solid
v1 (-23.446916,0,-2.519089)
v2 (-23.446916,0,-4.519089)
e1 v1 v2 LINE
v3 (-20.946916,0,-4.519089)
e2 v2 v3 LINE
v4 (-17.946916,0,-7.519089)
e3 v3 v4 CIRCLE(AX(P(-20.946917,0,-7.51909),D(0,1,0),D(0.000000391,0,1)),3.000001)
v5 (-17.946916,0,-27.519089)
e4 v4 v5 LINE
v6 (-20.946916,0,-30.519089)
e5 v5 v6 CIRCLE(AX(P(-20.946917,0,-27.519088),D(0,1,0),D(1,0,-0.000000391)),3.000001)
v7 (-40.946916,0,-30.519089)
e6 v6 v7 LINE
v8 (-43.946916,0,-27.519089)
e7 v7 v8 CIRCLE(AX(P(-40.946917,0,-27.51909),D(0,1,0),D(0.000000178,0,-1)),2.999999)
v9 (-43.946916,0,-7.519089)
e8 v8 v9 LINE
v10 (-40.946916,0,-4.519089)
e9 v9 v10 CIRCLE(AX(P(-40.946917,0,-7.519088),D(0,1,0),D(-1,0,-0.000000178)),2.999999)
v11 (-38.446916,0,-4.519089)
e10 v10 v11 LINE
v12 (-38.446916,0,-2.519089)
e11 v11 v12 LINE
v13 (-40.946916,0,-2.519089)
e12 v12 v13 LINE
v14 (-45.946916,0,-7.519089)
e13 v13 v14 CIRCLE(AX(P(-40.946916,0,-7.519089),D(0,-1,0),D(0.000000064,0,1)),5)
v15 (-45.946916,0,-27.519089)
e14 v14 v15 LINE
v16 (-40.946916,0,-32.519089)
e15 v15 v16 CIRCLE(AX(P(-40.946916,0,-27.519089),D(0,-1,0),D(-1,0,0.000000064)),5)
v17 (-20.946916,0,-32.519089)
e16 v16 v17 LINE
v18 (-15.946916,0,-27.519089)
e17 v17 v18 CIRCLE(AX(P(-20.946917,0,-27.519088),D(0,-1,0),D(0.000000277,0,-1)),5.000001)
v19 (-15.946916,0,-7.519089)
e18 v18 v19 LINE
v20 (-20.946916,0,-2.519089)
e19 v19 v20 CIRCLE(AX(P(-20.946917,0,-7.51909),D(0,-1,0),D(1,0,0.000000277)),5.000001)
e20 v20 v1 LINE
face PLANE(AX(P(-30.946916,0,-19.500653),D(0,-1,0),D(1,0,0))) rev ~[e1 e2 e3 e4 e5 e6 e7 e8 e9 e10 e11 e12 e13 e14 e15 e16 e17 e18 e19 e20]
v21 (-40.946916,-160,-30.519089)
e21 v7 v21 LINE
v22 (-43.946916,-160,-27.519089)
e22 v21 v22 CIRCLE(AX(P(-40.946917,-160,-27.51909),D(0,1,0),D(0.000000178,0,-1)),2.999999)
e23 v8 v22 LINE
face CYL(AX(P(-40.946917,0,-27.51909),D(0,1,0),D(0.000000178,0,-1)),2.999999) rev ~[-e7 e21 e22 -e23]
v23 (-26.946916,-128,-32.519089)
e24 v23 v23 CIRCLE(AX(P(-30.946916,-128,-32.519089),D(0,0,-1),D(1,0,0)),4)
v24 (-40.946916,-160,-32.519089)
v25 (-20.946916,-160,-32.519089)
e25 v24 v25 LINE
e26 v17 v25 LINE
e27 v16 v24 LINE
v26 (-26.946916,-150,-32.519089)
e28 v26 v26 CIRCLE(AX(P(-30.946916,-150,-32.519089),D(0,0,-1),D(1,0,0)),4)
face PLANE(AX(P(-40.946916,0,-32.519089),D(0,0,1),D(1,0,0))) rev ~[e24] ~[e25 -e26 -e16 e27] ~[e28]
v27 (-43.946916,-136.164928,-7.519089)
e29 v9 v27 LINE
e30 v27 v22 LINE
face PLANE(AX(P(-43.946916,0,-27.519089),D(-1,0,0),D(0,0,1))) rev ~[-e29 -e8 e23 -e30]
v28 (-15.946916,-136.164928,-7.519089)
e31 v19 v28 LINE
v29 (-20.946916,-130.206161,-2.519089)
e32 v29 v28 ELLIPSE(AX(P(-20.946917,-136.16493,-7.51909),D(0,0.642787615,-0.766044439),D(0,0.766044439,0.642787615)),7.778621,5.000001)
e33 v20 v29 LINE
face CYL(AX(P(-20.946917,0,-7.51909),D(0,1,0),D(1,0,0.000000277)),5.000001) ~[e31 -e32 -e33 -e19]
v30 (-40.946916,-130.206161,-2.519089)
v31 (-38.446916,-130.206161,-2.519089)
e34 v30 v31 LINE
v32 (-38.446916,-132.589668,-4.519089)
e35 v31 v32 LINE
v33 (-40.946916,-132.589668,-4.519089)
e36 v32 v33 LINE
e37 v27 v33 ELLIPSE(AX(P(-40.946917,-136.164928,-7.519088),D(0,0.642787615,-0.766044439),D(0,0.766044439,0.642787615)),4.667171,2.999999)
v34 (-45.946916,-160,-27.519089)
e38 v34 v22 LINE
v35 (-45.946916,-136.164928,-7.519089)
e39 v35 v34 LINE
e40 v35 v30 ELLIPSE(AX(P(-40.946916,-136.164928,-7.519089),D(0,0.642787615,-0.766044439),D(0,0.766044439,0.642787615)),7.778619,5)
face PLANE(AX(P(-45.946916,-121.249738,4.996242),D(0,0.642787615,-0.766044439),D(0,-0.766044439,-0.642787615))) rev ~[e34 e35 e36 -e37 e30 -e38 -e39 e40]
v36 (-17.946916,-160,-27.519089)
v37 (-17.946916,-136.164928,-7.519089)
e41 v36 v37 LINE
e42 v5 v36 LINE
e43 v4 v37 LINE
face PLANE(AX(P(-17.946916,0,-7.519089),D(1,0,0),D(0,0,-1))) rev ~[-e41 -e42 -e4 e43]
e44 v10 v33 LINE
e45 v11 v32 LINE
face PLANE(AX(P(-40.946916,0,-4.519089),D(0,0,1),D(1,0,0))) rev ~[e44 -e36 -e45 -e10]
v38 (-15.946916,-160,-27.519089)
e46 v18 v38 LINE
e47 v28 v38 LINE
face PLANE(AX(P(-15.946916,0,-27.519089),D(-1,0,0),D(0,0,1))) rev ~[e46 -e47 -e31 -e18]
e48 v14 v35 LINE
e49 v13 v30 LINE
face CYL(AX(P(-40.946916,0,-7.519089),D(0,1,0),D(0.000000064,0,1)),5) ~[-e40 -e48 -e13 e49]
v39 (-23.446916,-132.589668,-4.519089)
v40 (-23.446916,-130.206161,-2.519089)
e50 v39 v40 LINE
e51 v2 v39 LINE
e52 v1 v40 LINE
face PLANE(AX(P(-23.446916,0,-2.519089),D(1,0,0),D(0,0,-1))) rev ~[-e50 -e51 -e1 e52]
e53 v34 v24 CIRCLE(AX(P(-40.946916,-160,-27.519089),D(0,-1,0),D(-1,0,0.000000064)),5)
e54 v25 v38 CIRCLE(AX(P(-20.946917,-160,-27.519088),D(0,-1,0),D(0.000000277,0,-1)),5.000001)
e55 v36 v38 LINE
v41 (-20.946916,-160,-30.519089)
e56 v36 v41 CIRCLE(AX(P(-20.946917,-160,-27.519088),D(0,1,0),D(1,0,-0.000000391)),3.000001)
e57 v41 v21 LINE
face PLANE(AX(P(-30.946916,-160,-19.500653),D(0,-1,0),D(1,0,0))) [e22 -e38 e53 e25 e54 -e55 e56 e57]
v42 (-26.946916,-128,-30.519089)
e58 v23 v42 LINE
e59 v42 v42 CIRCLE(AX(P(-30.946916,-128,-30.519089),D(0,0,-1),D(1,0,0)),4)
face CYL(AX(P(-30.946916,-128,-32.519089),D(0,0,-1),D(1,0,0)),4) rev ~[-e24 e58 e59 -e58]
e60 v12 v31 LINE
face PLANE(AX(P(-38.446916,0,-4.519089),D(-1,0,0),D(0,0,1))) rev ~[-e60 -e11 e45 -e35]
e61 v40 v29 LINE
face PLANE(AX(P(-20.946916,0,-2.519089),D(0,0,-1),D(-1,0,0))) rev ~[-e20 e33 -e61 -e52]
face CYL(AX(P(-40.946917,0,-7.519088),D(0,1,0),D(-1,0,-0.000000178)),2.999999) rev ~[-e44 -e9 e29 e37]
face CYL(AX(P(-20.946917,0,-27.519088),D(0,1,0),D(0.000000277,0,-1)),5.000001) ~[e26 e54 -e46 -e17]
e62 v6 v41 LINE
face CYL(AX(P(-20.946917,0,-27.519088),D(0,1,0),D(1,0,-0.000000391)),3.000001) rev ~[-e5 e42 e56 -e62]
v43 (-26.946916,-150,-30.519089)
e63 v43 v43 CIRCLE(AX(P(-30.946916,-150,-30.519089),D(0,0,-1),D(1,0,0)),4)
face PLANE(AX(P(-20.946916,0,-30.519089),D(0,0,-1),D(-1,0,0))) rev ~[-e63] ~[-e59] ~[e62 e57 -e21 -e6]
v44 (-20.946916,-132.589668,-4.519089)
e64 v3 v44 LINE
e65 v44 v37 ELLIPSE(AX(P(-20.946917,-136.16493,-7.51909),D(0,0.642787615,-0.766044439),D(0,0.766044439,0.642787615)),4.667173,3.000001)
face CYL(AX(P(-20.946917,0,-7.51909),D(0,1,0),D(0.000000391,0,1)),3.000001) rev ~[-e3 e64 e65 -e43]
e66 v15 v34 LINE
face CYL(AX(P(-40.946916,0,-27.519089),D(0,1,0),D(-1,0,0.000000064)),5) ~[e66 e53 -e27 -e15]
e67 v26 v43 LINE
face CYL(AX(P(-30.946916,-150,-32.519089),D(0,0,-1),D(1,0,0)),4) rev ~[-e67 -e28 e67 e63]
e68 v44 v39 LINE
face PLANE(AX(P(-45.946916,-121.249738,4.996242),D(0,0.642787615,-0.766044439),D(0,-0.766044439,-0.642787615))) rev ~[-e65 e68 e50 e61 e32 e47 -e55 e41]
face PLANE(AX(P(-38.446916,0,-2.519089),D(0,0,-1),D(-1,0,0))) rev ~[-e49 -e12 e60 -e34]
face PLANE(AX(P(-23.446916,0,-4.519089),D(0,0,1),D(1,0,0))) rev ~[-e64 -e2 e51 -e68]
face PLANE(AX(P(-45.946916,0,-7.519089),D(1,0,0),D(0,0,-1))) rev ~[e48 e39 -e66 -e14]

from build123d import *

# Parameters (mm, degrees)
F1_DEPTH = 160
F3_DEPTH = 32
F4_R     = 4
F5_DEPTH = 25


with BuildPart() as f1:
    # F0 (on Front) → F1 (new body)
    with BuildSketch(Plane.XZ):
        with BuildLine():
            ThreePointArc((-15.946916, -7.519089), (-17.411383, -3.983555), (-20.946916, -2.519089))
            Line((-20.946916, -2.519089), (-23.446916, -2.519089))
            Line((-23.446916, -2.519089), (-23.446916, -4.519089))
            Line((-23.446916, -4.519089), (-20.946916, -4.519089))
            ThreePointArc((-20.946916, -4.519089), (-18.825596, -5.397769), (-17.946916, -7.519089))
            Line((-17.946916, -7.519089), (-17.946916, -27.519089))
            ThreePointArc((-17.946916, -27.519089), (-18.825596, -29.640409), (-20.946916, -30.519089))
            Line((-20.946916, -30.519089), (-40.946916, -30.519089))
            ThreePointArc((-40.946916, -30.519089), (-43.068237, -29.640409), (-43.946916, -27.519089))
            Line((-43.946916, -27.519089), (-43.946916, -7.519089))
            ThreePointArc((-43.946916, -7.519089), (-43.068237, -5.397769), (-40.946916, -4.519089))
            Line((-40.946916, -4.519089), (-38.446916, -4.519089))
            Line((-38.446916, -4.519089), (-38.446916, -2.519089))
            Line((-38.446916, -2.519089), (-40.946916, -2.519089))
            ThreePointArc((-40.946916, -2.519089), (-44.48245, -3.983555), (-45.946916, -7.519089))
            Line((-45.946916, -7.519089), (-45.946916, -27.519089))
            ThreePointArc((-45.946916, -27.519089), (-44.48245, -31.054623), (-40.946916, -32.519089))
            Line((-40.946916, -32.519089), (-20.946916, -32.519089))
            ThreePointArc((-20.946916, -32.519089), (-17.411383, -31.054623), (-15.946916, -27.519089))
            Line((-15.946916, -27.519089), (-15.946916, -7.519089))
        make_face()
    extrude(amount=F1_DEPTH)

    # F2 (on face) → F3 (cut)
    with BuildSketch(Plane(origin=(-45.946916, 0, 0), x_dir=(0, -1, 0), z_dir=(-1, 0, 0))):
        Polygon((121.249738, 4.996242), (160, -27.519089), (160, 4.996242), align=None)
    extrude(amount=-F3_DEPTH, mode=Mode.SUBTRACT)

    # F4 (on face) → F5 (cut)
    with BuildSketch(Plane(origin=(0, 0, -32.519089), x_dir=(1, 0, 0), z_dir=(0, 0, -1))):
        with Locations((-30.946916, 150)):
            Circle(F4_R)
        with Locations((-30.946916, 128)):
            Circle(F4_R)
    extrude(amount=-F5_DEPTH, mode=Mode.SUBTRACT)


solid = f1.part
